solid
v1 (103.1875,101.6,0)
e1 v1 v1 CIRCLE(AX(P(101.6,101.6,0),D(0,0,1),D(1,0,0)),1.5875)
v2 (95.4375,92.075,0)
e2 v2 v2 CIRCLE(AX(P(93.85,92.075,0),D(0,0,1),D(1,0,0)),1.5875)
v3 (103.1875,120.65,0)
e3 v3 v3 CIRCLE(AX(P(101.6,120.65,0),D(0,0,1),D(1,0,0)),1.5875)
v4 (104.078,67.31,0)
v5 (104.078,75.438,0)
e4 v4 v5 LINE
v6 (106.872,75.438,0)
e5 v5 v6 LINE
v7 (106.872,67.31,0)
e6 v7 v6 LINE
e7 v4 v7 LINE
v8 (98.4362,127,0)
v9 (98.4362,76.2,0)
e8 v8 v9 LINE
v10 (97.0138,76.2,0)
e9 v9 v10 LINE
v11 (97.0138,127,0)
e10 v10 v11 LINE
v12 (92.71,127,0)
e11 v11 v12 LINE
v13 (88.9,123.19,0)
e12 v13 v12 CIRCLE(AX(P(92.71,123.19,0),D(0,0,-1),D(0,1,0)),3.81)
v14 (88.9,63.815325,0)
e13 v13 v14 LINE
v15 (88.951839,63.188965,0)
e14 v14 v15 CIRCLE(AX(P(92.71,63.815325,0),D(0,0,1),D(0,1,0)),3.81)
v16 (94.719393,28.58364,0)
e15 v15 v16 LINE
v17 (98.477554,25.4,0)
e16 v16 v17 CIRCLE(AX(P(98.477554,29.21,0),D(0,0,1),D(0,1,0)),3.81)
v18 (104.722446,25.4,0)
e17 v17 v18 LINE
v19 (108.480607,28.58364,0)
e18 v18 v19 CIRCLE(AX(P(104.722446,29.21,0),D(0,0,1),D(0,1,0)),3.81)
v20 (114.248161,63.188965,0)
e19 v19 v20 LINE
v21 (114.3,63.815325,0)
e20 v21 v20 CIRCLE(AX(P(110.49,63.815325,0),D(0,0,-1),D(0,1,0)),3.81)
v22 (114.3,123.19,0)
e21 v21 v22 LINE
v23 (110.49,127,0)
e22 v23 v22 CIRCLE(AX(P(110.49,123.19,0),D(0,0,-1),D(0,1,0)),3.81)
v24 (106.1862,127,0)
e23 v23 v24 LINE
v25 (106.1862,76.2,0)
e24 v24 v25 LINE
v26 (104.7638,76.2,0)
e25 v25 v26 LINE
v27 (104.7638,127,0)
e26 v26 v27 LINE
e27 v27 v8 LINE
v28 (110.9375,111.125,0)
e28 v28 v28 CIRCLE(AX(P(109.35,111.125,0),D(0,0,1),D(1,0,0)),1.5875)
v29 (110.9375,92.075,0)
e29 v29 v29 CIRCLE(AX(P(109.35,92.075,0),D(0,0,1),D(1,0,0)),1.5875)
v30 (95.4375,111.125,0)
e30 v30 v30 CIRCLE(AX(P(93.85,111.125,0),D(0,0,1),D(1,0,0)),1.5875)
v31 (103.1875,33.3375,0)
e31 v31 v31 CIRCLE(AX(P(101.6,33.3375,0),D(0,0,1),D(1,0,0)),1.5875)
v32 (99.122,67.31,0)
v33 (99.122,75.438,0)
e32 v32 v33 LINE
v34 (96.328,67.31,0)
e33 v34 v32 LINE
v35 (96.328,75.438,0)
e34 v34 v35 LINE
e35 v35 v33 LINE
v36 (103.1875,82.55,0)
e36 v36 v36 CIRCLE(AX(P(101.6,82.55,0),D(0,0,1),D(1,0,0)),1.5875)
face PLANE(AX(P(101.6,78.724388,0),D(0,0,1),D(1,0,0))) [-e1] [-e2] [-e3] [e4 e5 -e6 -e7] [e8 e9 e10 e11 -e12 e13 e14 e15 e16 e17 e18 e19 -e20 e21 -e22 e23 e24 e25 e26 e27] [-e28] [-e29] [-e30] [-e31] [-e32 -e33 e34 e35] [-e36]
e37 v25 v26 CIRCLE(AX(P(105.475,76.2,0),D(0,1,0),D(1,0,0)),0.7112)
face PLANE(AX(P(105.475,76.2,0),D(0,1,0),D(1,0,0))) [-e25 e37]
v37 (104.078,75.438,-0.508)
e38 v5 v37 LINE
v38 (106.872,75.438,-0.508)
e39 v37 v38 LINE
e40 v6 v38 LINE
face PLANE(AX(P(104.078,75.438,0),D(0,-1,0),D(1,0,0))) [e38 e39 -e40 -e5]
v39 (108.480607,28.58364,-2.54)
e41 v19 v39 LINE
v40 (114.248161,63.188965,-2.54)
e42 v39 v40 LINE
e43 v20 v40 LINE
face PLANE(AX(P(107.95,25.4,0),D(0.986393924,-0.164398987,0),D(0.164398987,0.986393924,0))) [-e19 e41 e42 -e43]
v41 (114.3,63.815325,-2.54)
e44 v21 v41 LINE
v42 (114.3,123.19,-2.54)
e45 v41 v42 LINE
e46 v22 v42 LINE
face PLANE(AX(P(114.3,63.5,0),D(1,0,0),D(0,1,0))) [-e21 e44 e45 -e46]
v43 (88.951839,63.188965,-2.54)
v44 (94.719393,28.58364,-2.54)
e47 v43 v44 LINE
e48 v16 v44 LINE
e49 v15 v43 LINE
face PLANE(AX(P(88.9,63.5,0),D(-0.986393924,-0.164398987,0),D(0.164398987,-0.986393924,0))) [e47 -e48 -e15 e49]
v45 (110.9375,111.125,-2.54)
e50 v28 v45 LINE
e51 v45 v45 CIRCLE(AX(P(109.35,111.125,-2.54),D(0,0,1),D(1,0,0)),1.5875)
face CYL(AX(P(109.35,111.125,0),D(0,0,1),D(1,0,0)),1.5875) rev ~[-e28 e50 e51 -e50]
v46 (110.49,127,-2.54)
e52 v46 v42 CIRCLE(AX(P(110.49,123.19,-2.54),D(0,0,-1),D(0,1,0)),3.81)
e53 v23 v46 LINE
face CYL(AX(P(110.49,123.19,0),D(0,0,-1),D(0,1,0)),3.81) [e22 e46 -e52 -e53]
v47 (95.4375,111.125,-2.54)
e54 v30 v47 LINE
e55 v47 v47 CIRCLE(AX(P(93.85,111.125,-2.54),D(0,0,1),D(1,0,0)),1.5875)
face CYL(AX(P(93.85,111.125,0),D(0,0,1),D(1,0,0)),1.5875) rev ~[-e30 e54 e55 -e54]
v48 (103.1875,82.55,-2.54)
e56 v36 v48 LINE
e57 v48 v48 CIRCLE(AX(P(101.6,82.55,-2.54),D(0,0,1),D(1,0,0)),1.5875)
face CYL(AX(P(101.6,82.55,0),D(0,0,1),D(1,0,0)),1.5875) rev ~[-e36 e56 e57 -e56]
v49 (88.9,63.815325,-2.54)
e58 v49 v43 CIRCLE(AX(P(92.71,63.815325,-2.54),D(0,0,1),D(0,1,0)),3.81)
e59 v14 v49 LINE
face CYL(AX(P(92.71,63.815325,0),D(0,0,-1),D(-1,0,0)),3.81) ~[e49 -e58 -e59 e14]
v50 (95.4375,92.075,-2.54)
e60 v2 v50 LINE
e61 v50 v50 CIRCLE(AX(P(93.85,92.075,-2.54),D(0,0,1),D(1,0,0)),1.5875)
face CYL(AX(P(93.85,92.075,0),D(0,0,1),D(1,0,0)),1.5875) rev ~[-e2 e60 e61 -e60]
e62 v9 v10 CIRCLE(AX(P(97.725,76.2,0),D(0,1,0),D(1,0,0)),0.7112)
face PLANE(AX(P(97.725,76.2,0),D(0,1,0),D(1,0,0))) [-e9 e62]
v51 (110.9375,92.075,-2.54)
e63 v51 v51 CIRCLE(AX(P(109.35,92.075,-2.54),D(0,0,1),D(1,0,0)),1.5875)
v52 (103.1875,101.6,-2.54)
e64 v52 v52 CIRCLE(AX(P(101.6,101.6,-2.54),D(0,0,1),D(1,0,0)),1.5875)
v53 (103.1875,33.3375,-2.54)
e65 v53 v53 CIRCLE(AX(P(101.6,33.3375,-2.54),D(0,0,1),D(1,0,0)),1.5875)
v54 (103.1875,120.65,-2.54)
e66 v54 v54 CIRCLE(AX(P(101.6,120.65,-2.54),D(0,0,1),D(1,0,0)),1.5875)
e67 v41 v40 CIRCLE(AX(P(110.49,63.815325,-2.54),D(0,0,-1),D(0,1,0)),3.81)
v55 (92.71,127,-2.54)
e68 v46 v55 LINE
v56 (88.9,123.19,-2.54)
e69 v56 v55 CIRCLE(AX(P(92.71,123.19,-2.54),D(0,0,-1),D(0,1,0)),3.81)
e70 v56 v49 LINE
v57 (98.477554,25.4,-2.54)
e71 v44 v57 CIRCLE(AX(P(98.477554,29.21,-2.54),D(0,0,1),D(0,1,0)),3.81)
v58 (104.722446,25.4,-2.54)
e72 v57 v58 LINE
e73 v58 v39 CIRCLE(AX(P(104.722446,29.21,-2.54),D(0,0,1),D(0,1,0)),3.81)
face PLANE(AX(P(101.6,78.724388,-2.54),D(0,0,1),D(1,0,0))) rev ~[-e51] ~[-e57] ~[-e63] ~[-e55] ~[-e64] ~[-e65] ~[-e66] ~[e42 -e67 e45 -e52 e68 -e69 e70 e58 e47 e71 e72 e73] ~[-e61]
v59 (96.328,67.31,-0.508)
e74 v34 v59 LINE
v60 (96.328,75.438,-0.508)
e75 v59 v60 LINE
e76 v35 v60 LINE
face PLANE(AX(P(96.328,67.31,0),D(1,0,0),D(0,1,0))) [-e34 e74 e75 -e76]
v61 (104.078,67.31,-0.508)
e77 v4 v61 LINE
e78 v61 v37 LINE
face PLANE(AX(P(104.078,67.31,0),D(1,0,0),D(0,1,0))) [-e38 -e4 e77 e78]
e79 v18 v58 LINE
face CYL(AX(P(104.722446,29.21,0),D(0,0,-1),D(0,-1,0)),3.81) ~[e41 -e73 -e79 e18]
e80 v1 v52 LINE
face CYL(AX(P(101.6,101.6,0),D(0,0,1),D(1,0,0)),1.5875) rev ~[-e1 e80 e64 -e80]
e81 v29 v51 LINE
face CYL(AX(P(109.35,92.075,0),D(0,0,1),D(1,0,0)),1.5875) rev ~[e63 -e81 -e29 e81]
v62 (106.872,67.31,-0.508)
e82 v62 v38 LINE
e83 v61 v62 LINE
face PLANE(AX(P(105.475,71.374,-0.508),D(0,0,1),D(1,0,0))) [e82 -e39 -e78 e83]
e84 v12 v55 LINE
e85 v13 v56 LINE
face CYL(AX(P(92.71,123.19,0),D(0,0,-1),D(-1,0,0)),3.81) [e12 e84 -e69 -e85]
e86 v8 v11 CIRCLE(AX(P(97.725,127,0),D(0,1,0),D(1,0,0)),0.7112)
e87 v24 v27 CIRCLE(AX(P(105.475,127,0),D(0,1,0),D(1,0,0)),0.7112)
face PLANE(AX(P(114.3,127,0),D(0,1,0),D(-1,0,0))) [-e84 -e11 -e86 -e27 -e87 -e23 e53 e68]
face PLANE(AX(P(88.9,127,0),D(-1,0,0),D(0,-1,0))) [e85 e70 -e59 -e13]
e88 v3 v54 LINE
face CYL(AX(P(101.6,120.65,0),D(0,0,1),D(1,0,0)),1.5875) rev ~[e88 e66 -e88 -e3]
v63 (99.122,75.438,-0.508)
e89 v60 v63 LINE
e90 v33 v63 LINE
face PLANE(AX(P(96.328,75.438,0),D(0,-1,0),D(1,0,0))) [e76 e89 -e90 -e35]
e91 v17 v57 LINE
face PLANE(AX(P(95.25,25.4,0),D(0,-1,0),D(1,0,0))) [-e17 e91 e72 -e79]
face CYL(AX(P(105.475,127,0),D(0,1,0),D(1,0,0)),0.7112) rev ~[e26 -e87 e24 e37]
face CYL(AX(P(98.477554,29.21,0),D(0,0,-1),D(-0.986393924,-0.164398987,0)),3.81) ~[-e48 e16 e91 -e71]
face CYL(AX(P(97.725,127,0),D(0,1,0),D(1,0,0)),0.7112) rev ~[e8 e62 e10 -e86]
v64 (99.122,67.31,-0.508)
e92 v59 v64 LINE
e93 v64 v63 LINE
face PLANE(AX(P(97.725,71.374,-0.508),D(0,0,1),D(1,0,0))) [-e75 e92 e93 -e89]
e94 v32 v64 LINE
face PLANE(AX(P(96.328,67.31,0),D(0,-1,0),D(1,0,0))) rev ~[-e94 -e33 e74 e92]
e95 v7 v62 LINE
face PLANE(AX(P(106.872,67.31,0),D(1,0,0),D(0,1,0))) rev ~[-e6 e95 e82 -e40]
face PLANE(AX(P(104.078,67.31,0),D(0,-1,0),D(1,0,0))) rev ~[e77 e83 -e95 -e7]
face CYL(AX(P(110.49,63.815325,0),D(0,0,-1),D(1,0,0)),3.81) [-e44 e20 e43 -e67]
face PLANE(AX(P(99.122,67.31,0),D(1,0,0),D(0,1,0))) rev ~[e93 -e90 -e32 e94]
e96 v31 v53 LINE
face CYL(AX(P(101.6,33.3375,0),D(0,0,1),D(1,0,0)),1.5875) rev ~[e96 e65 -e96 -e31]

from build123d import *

# Parameters (mm, degrees)
EXTRUDE1_DEPTH     = 2.54
SKETCH2_R          = 1.5875
CUT_EXTRUDE1_DEPTH = 2.54
SKETCH3_W          = 2.794
SKETCH3_H          = 8.128
CUT_EXTRUDE2_DEPTH = 0.508
SKETCH4_R          = 0.7112
CUT_EXTRUDE3_DEPTH = 50.8
FILLET1_R          = 3.81
SKETCH5_R          = 1.5875
CUT_EXTRUDE4_DEPTH = 2.54


with BuildPart() as part:
    # Sketch1 → Extrude1 (new body)
    with BuildSketch(Plane.XY):
        Polygon((88.9, 127), (88.9, 63.5), (95.25, 25.4), (107.95, 25.4), (114.3, 63.5), (114.3, 127), align=None)
    extrude(amount=-EXTRUDE1_DEPTH)

    # Sketch2 → Cut-Extrude1 (cut)
    with BuildSketch(Plane.XY):
        with Locations((93.850000001, 111.125)):
            Circle(SKETCH2_R)
        with Locations((101.6, 120.65)):
            Circle(SKETCH2_R)
        with Locations((109.349999999, 111.125)):
            Circle(SKETCH2_R)
        with Locations((101.6, 101.6)):
            Circle(SKETCH2_R)
        with Locations((93.850000001, 92.075)):
            Circle(SKETCH2_R)
        with Locations((109.349999999, 92.075)):
            Circle(SKETCH2_R)
        with Locations((101.6, 82.55)):
            Circle(SKETCH2_R)
    extrude(amount=-CUT_EXTRUDE1_DEPTH, mode=Mode.SUBTRACT)

    # Sketch3 → Cut-Extrude2 (cut)
    with BuildSketch(Plane.XY):
        with Locations((97.725, 71.374)):
            Rectangle(SKETCH3_W, SKETCH3_H)
        with Locations((105.475, 71.374)):
            Rectangle(SKETCH3_W, SKETCH3_H)
    extrude(amount=-CUT_EXTRUDE2_DEPTH, mode=Mode.SUBTRACT)

    # Sketch4 → Cut-Extrude3 (cut)
    with BuildSketch(Plane(origin=(0, 127, 0), x_dir=(1, 0, 0), z_dir=(0, 1, 0))):
        with Locations((97.725, 0)):
            Circle(SKETCH4_R)
        with Locations((105.475, 0)):
            Circle(SKETCH4_R)
    extrude(amount=-CUT_EXTRUDE3_DEPTH, mode=Mode.SUBTRACT)

    # Fillet1
    fillet1_edges = [part.edges().sort_by_distance(p)[0] for p in [
        (95.25, 25.4, -1.27),
        (88.9, 63.5, -1.27),
        (88.9, 127, -1.27),
        (114.3, 127, -1.27),
        (114.3, 63.5, -1.27),
        (107.95, 25.4, -1.27),
    ]]
    fillet(fillet1_edges, radius=FILLET1_R)

    # Sketch5 → Cut-Extrude4 (cut)
    with BuildSketch(Plane.XY):
        with Locations((101.6, 33.3375)):
            Circle(SKETCH5_R)
    extrude(amount=-CUT_EXTRUDE4_DEPTH, mode=Mode.SUBTRACT)


solid = part.part
